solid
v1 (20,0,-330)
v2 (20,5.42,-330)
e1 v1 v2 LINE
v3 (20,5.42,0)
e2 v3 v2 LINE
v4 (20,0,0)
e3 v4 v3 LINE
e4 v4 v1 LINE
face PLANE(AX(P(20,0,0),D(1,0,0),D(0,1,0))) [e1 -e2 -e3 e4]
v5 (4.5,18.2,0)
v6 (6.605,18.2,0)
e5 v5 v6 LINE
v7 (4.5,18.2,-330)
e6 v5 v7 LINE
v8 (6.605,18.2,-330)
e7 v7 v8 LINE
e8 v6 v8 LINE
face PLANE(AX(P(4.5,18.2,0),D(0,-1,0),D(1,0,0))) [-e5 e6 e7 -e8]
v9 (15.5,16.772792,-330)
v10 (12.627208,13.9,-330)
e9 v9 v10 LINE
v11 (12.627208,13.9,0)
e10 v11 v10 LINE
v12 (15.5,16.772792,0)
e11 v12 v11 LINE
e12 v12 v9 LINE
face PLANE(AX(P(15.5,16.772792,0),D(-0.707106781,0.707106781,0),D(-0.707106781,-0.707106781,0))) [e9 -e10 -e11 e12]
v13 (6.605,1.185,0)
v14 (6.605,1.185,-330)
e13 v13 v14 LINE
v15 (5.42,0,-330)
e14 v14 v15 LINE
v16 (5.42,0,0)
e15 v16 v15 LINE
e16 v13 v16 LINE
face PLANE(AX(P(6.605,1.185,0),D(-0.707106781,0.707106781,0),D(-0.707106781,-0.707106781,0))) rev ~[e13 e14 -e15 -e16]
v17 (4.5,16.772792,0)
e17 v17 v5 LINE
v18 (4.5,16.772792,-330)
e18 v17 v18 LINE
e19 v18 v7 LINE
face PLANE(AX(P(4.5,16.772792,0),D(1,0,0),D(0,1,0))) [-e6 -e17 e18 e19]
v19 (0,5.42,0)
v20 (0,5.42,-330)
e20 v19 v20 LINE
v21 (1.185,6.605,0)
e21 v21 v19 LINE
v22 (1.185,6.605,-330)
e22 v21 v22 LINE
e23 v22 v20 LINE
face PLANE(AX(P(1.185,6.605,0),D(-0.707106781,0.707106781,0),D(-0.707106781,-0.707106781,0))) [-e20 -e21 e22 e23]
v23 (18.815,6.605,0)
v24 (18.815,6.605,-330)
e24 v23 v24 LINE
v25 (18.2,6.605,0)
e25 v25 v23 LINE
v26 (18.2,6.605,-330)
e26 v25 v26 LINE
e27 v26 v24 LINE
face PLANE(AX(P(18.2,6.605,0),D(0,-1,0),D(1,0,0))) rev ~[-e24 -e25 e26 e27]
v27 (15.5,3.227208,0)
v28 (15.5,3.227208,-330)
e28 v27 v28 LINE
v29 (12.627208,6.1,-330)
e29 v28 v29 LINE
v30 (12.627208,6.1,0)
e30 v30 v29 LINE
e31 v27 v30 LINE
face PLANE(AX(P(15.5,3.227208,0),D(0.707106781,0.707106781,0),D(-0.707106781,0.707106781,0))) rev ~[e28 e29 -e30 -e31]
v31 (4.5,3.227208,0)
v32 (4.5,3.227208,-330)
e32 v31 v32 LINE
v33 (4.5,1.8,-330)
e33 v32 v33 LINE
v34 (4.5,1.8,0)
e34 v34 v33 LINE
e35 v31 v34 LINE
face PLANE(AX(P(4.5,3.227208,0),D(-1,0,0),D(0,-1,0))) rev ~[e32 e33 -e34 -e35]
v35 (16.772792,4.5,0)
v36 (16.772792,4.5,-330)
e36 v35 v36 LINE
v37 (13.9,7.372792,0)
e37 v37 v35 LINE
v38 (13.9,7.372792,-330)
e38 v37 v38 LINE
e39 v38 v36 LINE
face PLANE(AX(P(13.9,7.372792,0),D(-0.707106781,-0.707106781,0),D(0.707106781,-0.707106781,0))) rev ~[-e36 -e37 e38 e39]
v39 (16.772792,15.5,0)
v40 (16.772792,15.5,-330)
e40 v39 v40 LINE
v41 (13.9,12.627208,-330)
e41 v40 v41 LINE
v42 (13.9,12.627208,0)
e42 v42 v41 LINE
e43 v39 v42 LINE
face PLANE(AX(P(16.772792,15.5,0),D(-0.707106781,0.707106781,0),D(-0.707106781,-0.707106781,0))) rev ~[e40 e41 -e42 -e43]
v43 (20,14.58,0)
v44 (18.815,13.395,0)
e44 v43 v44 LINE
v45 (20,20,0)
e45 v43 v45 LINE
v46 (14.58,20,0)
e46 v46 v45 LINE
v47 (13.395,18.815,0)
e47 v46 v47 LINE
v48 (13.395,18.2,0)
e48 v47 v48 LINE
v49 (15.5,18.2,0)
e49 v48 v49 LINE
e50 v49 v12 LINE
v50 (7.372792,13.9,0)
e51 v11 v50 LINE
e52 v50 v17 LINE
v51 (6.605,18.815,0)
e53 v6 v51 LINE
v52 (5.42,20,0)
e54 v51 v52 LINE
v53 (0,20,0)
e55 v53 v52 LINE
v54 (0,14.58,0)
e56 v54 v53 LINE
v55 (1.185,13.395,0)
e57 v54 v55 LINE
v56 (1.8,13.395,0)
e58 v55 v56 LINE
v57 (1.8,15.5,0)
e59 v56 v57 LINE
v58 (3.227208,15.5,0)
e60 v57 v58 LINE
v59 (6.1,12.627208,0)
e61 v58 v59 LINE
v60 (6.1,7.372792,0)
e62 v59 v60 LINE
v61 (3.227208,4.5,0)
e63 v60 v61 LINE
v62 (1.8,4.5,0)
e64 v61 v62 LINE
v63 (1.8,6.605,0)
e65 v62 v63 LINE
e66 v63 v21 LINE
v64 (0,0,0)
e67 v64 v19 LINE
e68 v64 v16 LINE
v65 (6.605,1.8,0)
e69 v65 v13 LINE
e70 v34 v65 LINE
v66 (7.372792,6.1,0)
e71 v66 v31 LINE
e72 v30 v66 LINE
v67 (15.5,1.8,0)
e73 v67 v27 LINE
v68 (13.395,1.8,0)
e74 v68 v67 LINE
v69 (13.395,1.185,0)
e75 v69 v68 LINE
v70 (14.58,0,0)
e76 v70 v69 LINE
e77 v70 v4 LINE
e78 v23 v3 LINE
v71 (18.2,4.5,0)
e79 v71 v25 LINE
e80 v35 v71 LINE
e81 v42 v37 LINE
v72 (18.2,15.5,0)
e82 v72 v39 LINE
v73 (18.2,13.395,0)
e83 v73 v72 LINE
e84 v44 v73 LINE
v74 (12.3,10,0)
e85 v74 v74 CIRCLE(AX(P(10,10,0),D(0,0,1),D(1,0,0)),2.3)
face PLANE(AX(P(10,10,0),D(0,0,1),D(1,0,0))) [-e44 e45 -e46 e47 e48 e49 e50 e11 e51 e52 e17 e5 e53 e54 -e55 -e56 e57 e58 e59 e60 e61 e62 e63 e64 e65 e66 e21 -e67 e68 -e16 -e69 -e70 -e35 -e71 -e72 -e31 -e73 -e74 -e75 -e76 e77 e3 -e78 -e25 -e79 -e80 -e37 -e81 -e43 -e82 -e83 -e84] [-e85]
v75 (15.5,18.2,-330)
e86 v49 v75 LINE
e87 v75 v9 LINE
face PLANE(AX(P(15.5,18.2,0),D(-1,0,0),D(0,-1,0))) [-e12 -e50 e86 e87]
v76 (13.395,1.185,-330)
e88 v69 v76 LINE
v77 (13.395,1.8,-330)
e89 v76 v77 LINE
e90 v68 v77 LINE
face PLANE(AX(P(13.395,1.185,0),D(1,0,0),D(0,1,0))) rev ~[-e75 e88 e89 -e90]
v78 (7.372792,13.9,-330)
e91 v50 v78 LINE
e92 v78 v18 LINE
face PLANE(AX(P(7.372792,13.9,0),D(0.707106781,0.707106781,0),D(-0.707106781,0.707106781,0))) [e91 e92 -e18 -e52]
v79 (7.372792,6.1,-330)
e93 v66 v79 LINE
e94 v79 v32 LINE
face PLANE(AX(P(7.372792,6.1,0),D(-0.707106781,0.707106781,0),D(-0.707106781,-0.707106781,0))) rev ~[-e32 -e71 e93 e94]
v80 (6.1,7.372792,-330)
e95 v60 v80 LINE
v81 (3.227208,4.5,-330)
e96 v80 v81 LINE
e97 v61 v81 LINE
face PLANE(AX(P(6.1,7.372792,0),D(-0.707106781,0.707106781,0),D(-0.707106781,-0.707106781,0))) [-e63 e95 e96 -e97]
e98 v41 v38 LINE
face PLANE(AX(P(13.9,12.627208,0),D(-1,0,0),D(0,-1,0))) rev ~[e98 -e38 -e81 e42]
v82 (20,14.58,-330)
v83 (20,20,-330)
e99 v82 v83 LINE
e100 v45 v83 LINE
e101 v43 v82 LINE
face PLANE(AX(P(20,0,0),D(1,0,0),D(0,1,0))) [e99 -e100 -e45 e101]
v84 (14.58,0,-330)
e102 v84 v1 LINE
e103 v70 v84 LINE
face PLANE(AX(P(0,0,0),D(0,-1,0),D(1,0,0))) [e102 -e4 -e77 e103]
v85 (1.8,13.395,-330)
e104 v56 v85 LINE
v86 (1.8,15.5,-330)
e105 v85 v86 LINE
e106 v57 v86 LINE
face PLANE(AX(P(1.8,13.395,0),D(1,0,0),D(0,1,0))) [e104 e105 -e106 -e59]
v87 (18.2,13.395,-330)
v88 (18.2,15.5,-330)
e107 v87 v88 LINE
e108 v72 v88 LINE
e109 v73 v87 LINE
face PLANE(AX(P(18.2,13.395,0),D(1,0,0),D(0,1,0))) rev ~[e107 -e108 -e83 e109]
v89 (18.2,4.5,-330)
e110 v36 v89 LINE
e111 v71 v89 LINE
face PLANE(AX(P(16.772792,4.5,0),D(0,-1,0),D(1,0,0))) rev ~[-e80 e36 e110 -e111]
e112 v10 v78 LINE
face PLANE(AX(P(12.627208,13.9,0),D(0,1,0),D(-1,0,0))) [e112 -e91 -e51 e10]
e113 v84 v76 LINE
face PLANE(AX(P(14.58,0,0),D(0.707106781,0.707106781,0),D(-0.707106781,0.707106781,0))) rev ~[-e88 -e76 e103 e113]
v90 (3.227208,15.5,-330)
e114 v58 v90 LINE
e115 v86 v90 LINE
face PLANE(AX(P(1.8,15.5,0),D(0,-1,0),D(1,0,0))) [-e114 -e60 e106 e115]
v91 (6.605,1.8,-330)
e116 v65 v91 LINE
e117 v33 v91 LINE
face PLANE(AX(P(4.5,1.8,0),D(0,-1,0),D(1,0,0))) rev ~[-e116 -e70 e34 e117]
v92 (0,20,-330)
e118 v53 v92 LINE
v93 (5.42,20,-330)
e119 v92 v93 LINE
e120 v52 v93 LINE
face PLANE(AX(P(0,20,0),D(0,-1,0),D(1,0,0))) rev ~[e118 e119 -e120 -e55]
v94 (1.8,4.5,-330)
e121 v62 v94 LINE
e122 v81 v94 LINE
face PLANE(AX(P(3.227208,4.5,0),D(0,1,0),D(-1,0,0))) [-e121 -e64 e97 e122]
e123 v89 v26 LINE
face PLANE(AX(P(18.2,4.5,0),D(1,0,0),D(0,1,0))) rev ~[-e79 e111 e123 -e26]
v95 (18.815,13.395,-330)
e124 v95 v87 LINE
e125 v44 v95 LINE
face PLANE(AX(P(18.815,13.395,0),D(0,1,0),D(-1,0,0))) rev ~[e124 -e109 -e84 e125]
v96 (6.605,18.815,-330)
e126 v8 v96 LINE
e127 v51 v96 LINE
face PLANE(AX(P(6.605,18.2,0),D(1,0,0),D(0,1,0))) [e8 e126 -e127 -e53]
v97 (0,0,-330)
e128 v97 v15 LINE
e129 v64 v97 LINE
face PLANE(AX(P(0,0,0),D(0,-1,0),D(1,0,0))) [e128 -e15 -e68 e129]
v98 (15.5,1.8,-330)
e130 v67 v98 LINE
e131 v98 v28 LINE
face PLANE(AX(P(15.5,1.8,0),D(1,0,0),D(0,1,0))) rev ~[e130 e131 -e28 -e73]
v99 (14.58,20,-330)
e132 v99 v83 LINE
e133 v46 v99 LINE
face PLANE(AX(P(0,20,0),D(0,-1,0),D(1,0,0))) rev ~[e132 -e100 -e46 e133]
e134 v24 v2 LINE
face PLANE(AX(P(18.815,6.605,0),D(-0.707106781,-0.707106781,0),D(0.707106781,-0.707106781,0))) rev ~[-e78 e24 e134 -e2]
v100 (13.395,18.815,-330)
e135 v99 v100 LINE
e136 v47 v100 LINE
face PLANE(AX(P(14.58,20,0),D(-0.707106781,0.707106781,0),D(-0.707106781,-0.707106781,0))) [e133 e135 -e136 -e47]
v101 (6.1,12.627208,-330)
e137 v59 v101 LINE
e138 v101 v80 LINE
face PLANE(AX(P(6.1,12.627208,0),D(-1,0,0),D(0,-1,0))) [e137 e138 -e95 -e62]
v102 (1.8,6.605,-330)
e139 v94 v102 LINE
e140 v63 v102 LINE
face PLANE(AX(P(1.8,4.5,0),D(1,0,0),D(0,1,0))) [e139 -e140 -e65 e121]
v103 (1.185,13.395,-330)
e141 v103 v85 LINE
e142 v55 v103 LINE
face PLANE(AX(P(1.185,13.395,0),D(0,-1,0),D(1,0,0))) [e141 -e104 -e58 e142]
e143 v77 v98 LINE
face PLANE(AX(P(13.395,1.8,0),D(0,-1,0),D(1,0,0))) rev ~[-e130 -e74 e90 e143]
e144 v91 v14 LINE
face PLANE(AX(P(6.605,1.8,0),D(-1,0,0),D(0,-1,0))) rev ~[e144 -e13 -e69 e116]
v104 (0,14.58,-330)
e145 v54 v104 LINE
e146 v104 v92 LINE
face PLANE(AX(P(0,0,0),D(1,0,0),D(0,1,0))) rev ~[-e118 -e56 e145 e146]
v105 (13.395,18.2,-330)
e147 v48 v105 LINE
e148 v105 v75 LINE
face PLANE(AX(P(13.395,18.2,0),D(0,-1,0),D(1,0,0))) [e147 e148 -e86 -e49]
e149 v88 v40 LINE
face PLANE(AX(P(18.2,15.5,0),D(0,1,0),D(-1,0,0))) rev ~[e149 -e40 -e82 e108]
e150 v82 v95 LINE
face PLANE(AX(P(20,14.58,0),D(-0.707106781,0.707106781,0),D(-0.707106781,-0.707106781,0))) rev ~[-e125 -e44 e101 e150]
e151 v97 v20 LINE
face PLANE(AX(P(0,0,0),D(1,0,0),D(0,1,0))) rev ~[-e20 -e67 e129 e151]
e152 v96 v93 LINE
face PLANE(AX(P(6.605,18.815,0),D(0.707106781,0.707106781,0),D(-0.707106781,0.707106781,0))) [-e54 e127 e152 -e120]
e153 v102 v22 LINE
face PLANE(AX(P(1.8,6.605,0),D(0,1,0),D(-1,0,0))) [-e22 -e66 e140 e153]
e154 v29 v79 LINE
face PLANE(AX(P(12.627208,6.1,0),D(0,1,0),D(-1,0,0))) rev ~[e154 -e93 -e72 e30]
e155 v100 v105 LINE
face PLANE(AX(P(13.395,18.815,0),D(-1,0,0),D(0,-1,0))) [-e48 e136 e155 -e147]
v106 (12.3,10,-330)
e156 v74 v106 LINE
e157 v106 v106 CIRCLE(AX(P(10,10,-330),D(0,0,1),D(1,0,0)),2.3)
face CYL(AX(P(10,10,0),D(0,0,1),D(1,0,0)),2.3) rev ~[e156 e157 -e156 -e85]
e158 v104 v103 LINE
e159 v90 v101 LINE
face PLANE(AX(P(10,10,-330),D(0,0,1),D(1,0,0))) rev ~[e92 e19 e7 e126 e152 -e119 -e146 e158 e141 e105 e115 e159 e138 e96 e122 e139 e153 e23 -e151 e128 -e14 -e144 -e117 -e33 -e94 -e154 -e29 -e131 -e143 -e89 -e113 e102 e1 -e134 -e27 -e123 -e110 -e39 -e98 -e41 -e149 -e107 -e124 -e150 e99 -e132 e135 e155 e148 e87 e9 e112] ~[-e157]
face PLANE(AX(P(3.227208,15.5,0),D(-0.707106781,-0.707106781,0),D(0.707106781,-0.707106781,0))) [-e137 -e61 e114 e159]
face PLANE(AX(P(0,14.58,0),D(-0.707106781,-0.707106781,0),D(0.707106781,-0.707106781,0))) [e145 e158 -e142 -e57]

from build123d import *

# Parameters (mm, degrees)
SKETCH1_W           = 20
SKETCH1_H           = 20
BOSS_EXTRUDE1_DEPTH = 330
SKETCH2_R           = 2.3
CUT_EXTRUDE1_DEPTH  = 331


with BuildPart() as part:
    # Sketch1 → Boss-Extrude1 (new body)
    with BuildSketch(Plane.XY):
        with Locations((10, 10)):
            Rectangle(SKETCH1_W, SKETCH1_H)
    extrude(amount=-BOSS_EXTRUDE1_DEPTH)

    # Sketch2 → Cut-Extrude1 (cut, through all)
    with BuildSketch(Plane.XY):
        with Locations((10, 10)):
            Circle(SKETCH2_R)
        Polygon((5.42, 20), (14.58, 20), (13.395, 18.815), (13.395, 18.2), (15.5, 18.2), (15.5, 16.772792206), (12.627207794, 13.9), (7.372792206, 13.9), (4.5, 16.772792206), (4.5, 18.2), (6.605, 18.2), (6.605, 18.815), align=None)
        Polygon((6.605, 1.185), (5.42, 0), (14.58, 0), (13.395, 1.185), (13.395, 1.8), (15.5, 1.8), (15.5, 3.227207794), (12.627207794, 6.1), (7.372792206, 6.1), (4.5, 3.227207794), (4.5, 1.8), (6.605, 1.8), align=None)
        Polygon((1.8, 6.605), (1.185, 6.605), (0, 5.42), (0, 14.58), (1.185, 13.395), (1.8, 13.395), (1.8, 15.5), (3.227207794, 15.5), (6.1, 12.627207794), (6.1, 7.372792206), (3.227207794, 4.5), (1.8, 4.5), align=None)
        Polygon((18.815, 6.605), (20, 5.42), (20, 14.58), (18.815, 13.395), (18.2, 13.395), (18.2, 15.5), (16.772792206, 15.5), (13.9, 12.627207794), (13.9, 7.372792206), (16.772792206, 4.5), (18.2, 4.5), (18.2, 6.605), align=None)
    extrude(amount=-CUT_EXTRUDE1_DEPTH, mode=Mode.SUBTRACT)


solid = part.part
